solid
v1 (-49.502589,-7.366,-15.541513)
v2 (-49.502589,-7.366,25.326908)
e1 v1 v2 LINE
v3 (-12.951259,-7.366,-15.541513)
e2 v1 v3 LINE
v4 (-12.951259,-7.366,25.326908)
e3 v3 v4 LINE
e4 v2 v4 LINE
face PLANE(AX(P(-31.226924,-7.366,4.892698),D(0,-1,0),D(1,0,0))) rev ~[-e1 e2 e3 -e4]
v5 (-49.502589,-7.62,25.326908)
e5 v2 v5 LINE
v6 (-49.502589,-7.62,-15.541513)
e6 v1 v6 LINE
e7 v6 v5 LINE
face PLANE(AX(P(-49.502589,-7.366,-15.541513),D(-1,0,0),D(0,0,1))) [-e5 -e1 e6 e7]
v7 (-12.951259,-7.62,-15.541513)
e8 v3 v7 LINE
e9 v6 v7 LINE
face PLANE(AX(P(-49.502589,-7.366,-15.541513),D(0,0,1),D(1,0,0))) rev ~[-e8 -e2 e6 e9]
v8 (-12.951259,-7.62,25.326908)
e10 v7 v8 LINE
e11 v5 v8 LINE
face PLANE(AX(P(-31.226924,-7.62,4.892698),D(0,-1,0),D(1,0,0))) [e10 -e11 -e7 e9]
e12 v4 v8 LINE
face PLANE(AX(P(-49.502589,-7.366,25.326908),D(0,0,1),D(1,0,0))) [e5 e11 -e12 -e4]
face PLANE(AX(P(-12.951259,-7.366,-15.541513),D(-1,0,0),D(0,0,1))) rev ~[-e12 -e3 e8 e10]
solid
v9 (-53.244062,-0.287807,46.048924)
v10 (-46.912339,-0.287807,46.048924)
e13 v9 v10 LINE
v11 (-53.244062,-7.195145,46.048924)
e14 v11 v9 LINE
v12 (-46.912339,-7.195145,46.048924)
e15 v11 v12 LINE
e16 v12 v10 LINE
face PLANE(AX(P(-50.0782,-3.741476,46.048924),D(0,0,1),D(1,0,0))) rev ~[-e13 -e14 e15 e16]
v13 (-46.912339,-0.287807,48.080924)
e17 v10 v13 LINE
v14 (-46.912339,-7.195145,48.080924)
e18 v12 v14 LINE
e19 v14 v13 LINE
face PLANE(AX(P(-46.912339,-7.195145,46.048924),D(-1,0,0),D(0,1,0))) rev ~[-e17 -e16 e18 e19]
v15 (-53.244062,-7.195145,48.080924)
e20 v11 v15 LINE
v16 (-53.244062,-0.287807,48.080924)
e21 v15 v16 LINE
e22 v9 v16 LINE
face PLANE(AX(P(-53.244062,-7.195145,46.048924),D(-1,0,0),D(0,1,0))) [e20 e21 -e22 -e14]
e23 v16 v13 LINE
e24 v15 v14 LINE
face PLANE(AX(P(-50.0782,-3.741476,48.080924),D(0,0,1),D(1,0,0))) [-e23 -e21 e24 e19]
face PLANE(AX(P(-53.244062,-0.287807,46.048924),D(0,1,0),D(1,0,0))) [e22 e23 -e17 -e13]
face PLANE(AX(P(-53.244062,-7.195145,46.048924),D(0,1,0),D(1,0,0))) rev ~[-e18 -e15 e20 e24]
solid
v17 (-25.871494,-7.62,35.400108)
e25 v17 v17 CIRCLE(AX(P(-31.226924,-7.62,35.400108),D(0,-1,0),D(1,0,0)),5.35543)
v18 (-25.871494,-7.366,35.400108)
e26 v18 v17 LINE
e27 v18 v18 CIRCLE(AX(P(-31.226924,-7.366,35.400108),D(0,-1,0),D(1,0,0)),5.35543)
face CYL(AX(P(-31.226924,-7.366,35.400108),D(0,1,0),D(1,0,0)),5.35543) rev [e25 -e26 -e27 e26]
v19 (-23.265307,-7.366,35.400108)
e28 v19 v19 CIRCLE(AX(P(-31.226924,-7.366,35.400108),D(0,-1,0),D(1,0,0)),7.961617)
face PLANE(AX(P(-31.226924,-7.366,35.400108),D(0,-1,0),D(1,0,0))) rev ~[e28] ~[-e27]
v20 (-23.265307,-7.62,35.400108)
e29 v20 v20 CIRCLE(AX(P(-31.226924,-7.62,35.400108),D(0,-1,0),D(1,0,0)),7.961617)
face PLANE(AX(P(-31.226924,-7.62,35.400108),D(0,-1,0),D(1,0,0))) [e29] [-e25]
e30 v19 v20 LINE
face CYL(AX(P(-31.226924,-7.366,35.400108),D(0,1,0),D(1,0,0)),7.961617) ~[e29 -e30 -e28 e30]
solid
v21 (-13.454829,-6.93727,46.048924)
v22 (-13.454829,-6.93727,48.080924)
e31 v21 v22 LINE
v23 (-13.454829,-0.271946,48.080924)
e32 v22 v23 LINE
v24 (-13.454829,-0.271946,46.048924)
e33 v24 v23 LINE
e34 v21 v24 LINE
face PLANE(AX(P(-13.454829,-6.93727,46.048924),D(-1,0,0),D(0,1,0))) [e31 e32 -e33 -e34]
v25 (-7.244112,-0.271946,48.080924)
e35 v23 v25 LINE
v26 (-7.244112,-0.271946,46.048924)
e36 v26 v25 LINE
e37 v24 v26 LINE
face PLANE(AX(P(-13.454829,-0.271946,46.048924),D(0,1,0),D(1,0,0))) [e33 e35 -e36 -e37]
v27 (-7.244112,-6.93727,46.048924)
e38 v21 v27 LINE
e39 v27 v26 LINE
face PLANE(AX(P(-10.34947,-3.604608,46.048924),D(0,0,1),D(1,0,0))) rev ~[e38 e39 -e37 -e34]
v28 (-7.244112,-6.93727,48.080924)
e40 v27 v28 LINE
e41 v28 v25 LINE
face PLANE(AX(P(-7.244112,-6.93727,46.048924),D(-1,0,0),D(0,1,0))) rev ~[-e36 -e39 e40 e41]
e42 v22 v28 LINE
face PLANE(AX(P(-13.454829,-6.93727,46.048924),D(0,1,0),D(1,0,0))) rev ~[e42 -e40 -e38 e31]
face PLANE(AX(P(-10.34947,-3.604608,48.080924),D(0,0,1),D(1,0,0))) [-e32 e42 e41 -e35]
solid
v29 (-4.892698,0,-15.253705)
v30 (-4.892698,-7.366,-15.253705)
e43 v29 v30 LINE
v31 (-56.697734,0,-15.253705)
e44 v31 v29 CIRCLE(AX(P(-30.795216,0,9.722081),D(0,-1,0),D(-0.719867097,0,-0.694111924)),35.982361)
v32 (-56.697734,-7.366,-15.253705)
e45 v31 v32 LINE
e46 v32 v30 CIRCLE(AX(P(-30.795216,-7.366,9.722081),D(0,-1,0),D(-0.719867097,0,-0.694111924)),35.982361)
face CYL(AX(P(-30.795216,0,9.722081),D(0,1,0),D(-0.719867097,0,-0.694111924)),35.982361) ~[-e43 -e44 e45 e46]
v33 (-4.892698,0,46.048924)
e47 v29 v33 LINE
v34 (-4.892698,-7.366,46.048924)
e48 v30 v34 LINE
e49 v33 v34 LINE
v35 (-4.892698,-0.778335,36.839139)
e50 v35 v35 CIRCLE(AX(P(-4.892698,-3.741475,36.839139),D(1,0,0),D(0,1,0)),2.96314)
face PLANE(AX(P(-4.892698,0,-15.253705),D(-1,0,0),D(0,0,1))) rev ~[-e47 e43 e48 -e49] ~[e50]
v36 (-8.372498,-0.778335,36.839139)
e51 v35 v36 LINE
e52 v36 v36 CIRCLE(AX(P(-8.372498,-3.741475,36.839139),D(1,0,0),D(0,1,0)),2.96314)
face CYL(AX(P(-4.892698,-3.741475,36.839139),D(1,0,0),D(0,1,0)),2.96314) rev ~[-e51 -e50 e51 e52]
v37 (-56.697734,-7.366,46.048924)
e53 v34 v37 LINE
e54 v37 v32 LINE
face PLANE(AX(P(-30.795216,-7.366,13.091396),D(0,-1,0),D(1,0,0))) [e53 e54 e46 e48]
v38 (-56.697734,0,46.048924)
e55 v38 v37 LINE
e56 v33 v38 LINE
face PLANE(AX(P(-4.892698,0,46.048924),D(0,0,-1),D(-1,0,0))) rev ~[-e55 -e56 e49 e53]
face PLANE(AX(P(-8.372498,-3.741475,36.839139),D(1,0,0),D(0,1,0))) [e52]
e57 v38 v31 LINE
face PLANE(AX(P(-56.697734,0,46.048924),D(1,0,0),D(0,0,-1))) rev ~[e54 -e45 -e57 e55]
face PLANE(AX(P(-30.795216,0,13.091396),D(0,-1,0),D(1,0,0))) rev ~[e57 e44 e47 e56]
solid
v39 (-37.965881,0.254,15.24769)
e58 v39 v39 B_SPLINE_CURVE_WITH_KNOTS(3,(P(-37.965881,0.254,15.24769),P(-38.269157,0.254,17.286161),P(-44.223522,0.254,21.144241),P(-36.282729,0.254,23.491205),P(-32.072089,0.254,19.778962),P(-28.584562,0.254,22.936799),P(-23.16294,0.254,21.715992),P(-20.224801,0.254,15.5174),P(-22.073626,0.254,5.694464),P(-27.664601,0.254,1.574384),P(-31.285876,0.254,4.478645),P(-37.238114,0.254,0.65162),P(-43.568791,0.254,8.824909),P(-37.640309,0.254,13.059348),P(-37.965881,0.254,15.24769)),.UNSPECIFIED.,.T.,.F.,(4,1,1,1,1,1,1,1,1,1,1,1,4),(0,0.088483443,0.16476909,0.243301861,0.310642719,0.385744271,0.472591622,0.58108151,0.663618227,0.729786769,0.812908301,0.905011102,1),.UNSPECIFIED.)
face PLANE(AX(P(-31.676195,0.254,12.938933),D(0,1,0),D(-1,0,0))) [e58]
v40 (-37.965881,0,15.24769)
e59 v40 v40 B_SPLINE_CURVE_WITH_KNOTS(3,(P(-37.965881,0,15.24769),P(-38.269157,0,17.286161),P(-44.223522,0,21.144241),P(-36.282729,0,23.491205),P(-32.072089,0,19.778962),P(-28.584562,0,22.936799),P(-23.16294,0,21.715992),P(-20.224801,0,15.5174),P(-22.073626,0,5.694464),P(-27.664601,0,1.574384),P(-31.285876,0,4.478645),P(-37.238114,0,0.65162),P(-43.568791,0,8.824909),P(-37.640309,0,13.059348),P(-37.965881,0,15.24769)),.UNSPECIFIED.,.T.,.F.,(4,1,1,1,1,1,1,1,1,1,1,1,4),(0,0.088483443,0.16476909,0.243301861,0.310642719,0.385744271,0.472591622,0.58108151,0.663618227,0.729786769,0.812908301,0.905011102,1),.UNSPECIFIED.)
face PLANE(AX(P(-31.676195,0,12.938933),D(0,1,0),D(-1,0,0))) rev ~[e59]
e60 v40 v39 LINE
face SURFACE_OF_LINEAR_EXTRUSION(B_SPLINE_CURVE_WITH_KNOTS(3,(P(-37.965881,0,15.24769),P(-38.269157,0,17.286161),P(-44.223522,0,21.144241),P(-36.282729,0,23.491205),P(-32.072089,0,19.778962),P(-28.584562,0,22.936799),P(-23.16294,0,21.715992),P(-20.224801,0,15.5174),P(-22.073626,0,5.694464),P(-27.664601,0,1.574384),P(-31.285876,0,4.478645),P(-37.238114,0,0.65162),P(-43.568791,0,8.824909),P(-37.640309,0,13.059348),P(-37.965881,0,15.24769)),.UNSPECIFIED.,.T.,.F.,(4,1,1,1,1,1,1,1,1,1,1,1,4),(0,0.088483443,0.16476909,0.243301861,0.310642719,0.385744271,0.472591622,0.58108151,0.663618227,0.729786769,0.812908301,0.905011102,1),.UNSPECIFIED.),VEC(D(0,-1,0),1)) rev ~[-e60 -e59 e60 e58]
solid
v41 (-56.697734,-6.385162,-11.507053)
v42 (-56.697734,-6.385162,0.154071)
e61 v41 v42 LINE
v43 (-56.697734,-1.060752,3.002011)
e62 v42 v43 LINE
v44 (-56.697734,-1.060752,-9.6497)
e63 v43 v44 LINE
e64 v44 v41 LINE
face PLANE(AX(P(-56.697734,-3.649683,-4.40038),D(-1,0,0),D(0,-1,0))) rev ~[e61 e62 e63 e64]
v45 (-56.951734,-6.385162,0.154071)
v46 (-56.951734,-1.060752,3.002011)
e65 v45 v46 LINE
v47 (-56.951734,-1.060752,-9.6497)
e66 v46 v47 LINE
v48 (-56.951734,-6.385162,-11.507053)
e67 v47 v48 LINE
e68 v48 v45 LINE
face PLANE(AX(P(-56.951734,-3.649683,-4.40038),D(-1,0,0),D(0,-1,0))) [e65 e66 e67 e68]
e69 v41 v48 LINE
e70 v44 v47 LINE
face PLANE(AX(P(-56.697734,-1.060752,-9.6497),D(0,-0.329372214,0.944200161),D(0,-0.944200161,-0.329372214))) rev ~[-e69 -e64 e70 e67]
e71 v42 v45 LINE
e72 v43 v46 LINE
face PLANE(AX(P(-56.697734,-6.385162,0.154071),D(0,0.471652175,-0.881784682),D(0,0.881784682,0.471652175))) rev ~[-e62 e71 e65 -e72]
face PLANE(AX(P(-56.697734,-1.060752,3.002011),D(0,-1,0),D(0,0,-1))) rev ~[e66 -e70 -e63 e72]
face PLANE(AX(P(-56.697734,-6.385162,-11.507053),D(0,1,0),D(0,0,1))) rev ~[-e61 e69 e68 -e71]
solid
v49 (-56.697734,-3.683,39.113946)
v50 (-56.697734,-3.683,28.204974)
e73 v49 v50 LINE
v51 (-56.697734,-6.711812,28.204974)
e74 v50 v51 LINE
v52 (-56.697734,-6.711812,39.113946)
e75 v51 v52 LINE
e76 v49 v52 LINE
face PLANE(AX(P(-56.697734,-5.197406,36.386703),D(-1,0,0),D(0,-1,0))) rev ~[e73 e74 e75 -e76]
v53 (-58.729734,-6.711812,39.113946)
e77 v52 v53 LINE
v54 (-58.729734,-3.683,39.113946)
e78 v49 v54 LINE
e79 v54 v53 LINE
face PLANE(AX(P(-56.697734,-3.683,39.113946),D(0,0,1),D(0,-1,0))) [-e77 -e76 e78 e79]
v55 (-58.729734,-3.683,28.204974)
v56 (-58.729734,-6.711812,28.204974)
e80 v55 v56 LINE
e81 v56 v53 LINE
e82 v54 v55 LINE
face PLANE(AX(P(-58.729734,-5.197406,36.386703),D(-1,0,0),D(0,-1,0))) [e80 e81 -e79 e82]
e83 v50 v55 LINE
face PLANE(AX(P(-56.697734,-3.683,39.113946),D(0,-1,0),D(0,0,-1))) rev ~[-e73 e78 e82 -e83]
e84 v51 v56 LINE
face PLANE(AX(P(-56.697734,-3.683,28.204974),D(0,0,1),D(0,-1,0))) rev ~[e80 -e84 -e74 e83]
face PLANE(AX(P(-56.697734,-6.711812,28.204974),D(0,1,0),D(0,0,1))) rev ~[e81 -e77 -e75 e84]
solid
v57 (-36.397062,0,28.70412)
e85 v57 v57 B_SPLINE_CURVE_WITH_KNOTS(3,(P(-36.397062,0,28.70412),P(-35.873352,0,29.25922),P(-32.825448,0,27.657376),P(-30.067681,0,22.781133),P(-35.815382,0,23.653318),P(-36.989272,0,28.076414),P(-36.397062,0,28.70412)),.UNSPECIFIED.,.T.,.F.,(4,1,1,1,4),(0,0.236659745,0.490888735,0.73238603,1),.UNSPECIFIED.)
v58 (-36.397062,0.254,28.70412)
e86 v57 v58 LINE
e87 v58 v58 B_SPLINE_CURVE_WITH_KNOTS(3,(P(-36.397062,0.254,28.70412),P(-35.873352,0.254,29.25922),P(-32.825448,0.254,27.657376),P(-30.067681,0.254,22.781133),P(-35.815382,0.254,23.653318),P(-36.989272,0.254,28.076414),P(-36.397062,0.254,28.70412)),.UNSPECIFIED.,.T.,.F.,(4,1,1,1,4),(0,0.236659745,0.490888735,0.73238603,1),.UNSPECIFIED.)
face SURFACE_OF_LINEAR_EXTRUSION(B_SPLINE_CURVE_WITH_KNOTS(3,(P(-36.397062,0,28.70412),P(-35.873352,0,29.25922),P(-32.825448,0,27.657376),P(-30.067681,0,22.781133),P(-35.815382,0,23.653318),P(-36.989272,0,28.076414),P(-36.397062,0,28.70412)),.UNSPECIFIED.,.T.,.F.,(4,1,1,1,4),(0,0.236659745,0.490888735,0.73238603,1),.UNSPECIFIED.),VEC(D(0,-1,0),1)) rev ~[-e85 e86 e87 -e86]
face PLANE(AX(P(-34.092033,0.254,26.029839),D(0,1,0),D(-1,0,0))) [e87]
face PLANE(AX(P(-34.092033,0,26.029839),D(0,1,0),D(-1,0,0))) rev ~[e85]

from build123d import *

# Parameters (mm, degrees)
F1_DEPTH  = 7.366
F2_W      = 36.5513302386
F2_H      = 40.8684201539
F3_DEPTH  = 0.254
F2_R      = 7.9616167592
F2_R_2    = 5.3554300859
F4_W      = 3.0288121673
F4_H      = 5.454486236
F5_DEPTH  = 2.032
F7_DEPTH  = 0.254
F8_W      = 6.3317231834
F8_H      = 6.9073382765
F9_DEPTH  = 2.032
F8_W_2    = 6.2107169069
F8_H_2    = 6.6653245594
F10_R     = 2.9631404217
F11_DEPTH = 3.4798
F13_DEPTH = 0.254


with BuildPart() as f1:
    # F0 (on Front) → F1 (new body)
    with BuildSketch(Plane.XZ):
        with BuildLine():
            Line((-4.8926975578, 46.0489243269), (-56.6977337003, 46.0489243269))
            Line((-56.6977337003, 46.0489243269), (-56.6977337003, -15.2537049726))
            ThreePointArc((-56.6977337003, -15.2537049726), (-30.795215629, -26.260280288), (-4.8926975578, -15.2537049726))
            Line((-4.8926975578, -15.2537049726), (-4.8926975578, 46.0489243269))
        make_face()
    extrude(amount=F1_DEPTH)

    # F10 (on face) → F11 (cut)
    with BuildSketch(Plane.YZ.offset(-4.8926975578)):
        with Locations((-3.741475055, 36.8391387165)):
            Circle(F10_R)
    extrude(amount=-F11_DEPTH, mode=Mode.SUBTRACT)


with BuildPart() as f3:
    # F2 (on face) → F3 (new body)
    with BuildSketch(Plane.XZ.offset(7.366)):
        with Locations((-31.2269236892, 4.8926975578)):
            Rectangle(F2_W, F2_H)
    extrude(amount=F3_DEPTH)


with BuildPart() as f3b:
    # F2 (on face) → F3, piece 2 (new body)
    with BuildSketch(Plane.XZ.offset(7.366)):
        with Locations((-31.2269236892, 35.4001075029)):
            Circle(F2_R)
        with Locations((-31.2269236892, 35.4001075029)):
            Circle(F2_R_2, mode=Mode.SUBTRACT)
    extrude(amount=F3_DEPTH)


with BuildPart() as f5:
    # F4 (on face) → F5 (new body)
    with BuildSketch(Plane(origin=(-56.6977337003, 0, 0), x_dir=(0, -1, 0), z_dir=(-1, 0, 0))):
        with Locations((5.1974060837, 36.386703141)):
            Rectangle(F4_W, F4_H)
        with Locations((5.1974060837, 30.9322169051)):
            Rectangle(F4_W, F4_H)
    extrude(amount=F5_DEPTH)


with BuildPart() as f7:
    # F6 (on face) → F7 (new body)
    with BuildSketch(Plane(origin=(-56.6977337003, 0, 0), x_dir=(0, -1, 0), z_dir=(-1, 0, 0))):
        Polygon((6.3851624727, 0.154071301), (1.0607517324, 3.0020113448), (1.0607517324, -9.6497004224), (6.3851624727, -11.5070533696), align=None)
    extrude(amount=F7_DEPTH)


with BuildPart() as f9:
    # F8 (on face) → F9 (new body)
    with BuildSketch(Plane.XY.offset(46.0489243269)):
        with Locations((-50.0782001764, -3.7414757535)):
            Rectangle(F8_W, F8_H)
    extrude(amount=F9_DEPTH)


with BuildPart() as f9b:
    # F8 (on face) → F9, piece 2 (new body)
    with BuildSketch(Plane.XY.offset(46.0489243269)):
        with Locations((-10.3494704235, -3.6046080058)):
            Rectangle(F8_W_2, F8_H_2)
    extrude(amount=F9_DEPTH)


with BuildPart() as f13:
    # F12 (on face) → F13 (new body)
    with BuildSketch(Plane(origin=(0, 0, 0), x_dir=(-1, 0, 0), z_dir=(0, 1, 0))):
        with BuildLine():
            add(Edge.make_bspline(
                [(37.9658814311, 15.2476904657), (38.2691568797, 17.2861614502), (44.2235218983, 21.1442410272), (36.2827291762, 23.4912048852), (32.0720889453, 19.7789623292), (28.5845616604, 22.9367994762), (23.1629401078, 21.7159921366), (20.2248007204, 15.5174000757), (22.0736262178, 5.694463869), (27.6646008004, 1.5743841481), (31.285875674, 4.4786447817), (37.2381136551, 0.651620368), (43.5687909465, 8.8249085535), (37.6403086509, 13.0593475952), (37.9658814311, 15.2476904657)],
                knots=[0, 0, 0, 0, 0.0884834432, 0.1647690899, 0.2433018614, 0.3106427185, 0.3857442711, 0.4725916215, 0.5810815103, 0.6636182265, 0.7297867694, 0.812908301, 0.9050111022, 1, 1, 1, 1], degree=3))
        make_face()
    extrude(amount=F13_DEPTH)


with BuildPart() as f13b:
    # F12 (on face) → F13, piece 2 (new body)
    with BuildSketch(Plane(origin=(0, 0, 0), x_dir=(-1, 0, 0), z_dir=(0, 1, 0))):
        with BuildLine():
            add(Edge.make_bspline(
                [(36.397062242, 28.7041198462), (35.8733517965, 29.259220262), (32.8254484734, 27.6573757529), (30.0676811551, 22.7811330289), (35.8153821145, 23.6533178277), (36.9892720908, 28.0764143344), (36.397062242, 28.7041198462)],
                knots=[0, 0, 0, 0, 0.2366597446, 0.4908887348, 0.7323860298, 1, 1, 1, 1], degree=3))
        make_face()
    extrude(amount=F13_DEPTH)


solid = Compound([f1.part, f3.part, f3b.part, f5.part, f7.part, f9.part, f9b.part, f13.part, f13b.part])
